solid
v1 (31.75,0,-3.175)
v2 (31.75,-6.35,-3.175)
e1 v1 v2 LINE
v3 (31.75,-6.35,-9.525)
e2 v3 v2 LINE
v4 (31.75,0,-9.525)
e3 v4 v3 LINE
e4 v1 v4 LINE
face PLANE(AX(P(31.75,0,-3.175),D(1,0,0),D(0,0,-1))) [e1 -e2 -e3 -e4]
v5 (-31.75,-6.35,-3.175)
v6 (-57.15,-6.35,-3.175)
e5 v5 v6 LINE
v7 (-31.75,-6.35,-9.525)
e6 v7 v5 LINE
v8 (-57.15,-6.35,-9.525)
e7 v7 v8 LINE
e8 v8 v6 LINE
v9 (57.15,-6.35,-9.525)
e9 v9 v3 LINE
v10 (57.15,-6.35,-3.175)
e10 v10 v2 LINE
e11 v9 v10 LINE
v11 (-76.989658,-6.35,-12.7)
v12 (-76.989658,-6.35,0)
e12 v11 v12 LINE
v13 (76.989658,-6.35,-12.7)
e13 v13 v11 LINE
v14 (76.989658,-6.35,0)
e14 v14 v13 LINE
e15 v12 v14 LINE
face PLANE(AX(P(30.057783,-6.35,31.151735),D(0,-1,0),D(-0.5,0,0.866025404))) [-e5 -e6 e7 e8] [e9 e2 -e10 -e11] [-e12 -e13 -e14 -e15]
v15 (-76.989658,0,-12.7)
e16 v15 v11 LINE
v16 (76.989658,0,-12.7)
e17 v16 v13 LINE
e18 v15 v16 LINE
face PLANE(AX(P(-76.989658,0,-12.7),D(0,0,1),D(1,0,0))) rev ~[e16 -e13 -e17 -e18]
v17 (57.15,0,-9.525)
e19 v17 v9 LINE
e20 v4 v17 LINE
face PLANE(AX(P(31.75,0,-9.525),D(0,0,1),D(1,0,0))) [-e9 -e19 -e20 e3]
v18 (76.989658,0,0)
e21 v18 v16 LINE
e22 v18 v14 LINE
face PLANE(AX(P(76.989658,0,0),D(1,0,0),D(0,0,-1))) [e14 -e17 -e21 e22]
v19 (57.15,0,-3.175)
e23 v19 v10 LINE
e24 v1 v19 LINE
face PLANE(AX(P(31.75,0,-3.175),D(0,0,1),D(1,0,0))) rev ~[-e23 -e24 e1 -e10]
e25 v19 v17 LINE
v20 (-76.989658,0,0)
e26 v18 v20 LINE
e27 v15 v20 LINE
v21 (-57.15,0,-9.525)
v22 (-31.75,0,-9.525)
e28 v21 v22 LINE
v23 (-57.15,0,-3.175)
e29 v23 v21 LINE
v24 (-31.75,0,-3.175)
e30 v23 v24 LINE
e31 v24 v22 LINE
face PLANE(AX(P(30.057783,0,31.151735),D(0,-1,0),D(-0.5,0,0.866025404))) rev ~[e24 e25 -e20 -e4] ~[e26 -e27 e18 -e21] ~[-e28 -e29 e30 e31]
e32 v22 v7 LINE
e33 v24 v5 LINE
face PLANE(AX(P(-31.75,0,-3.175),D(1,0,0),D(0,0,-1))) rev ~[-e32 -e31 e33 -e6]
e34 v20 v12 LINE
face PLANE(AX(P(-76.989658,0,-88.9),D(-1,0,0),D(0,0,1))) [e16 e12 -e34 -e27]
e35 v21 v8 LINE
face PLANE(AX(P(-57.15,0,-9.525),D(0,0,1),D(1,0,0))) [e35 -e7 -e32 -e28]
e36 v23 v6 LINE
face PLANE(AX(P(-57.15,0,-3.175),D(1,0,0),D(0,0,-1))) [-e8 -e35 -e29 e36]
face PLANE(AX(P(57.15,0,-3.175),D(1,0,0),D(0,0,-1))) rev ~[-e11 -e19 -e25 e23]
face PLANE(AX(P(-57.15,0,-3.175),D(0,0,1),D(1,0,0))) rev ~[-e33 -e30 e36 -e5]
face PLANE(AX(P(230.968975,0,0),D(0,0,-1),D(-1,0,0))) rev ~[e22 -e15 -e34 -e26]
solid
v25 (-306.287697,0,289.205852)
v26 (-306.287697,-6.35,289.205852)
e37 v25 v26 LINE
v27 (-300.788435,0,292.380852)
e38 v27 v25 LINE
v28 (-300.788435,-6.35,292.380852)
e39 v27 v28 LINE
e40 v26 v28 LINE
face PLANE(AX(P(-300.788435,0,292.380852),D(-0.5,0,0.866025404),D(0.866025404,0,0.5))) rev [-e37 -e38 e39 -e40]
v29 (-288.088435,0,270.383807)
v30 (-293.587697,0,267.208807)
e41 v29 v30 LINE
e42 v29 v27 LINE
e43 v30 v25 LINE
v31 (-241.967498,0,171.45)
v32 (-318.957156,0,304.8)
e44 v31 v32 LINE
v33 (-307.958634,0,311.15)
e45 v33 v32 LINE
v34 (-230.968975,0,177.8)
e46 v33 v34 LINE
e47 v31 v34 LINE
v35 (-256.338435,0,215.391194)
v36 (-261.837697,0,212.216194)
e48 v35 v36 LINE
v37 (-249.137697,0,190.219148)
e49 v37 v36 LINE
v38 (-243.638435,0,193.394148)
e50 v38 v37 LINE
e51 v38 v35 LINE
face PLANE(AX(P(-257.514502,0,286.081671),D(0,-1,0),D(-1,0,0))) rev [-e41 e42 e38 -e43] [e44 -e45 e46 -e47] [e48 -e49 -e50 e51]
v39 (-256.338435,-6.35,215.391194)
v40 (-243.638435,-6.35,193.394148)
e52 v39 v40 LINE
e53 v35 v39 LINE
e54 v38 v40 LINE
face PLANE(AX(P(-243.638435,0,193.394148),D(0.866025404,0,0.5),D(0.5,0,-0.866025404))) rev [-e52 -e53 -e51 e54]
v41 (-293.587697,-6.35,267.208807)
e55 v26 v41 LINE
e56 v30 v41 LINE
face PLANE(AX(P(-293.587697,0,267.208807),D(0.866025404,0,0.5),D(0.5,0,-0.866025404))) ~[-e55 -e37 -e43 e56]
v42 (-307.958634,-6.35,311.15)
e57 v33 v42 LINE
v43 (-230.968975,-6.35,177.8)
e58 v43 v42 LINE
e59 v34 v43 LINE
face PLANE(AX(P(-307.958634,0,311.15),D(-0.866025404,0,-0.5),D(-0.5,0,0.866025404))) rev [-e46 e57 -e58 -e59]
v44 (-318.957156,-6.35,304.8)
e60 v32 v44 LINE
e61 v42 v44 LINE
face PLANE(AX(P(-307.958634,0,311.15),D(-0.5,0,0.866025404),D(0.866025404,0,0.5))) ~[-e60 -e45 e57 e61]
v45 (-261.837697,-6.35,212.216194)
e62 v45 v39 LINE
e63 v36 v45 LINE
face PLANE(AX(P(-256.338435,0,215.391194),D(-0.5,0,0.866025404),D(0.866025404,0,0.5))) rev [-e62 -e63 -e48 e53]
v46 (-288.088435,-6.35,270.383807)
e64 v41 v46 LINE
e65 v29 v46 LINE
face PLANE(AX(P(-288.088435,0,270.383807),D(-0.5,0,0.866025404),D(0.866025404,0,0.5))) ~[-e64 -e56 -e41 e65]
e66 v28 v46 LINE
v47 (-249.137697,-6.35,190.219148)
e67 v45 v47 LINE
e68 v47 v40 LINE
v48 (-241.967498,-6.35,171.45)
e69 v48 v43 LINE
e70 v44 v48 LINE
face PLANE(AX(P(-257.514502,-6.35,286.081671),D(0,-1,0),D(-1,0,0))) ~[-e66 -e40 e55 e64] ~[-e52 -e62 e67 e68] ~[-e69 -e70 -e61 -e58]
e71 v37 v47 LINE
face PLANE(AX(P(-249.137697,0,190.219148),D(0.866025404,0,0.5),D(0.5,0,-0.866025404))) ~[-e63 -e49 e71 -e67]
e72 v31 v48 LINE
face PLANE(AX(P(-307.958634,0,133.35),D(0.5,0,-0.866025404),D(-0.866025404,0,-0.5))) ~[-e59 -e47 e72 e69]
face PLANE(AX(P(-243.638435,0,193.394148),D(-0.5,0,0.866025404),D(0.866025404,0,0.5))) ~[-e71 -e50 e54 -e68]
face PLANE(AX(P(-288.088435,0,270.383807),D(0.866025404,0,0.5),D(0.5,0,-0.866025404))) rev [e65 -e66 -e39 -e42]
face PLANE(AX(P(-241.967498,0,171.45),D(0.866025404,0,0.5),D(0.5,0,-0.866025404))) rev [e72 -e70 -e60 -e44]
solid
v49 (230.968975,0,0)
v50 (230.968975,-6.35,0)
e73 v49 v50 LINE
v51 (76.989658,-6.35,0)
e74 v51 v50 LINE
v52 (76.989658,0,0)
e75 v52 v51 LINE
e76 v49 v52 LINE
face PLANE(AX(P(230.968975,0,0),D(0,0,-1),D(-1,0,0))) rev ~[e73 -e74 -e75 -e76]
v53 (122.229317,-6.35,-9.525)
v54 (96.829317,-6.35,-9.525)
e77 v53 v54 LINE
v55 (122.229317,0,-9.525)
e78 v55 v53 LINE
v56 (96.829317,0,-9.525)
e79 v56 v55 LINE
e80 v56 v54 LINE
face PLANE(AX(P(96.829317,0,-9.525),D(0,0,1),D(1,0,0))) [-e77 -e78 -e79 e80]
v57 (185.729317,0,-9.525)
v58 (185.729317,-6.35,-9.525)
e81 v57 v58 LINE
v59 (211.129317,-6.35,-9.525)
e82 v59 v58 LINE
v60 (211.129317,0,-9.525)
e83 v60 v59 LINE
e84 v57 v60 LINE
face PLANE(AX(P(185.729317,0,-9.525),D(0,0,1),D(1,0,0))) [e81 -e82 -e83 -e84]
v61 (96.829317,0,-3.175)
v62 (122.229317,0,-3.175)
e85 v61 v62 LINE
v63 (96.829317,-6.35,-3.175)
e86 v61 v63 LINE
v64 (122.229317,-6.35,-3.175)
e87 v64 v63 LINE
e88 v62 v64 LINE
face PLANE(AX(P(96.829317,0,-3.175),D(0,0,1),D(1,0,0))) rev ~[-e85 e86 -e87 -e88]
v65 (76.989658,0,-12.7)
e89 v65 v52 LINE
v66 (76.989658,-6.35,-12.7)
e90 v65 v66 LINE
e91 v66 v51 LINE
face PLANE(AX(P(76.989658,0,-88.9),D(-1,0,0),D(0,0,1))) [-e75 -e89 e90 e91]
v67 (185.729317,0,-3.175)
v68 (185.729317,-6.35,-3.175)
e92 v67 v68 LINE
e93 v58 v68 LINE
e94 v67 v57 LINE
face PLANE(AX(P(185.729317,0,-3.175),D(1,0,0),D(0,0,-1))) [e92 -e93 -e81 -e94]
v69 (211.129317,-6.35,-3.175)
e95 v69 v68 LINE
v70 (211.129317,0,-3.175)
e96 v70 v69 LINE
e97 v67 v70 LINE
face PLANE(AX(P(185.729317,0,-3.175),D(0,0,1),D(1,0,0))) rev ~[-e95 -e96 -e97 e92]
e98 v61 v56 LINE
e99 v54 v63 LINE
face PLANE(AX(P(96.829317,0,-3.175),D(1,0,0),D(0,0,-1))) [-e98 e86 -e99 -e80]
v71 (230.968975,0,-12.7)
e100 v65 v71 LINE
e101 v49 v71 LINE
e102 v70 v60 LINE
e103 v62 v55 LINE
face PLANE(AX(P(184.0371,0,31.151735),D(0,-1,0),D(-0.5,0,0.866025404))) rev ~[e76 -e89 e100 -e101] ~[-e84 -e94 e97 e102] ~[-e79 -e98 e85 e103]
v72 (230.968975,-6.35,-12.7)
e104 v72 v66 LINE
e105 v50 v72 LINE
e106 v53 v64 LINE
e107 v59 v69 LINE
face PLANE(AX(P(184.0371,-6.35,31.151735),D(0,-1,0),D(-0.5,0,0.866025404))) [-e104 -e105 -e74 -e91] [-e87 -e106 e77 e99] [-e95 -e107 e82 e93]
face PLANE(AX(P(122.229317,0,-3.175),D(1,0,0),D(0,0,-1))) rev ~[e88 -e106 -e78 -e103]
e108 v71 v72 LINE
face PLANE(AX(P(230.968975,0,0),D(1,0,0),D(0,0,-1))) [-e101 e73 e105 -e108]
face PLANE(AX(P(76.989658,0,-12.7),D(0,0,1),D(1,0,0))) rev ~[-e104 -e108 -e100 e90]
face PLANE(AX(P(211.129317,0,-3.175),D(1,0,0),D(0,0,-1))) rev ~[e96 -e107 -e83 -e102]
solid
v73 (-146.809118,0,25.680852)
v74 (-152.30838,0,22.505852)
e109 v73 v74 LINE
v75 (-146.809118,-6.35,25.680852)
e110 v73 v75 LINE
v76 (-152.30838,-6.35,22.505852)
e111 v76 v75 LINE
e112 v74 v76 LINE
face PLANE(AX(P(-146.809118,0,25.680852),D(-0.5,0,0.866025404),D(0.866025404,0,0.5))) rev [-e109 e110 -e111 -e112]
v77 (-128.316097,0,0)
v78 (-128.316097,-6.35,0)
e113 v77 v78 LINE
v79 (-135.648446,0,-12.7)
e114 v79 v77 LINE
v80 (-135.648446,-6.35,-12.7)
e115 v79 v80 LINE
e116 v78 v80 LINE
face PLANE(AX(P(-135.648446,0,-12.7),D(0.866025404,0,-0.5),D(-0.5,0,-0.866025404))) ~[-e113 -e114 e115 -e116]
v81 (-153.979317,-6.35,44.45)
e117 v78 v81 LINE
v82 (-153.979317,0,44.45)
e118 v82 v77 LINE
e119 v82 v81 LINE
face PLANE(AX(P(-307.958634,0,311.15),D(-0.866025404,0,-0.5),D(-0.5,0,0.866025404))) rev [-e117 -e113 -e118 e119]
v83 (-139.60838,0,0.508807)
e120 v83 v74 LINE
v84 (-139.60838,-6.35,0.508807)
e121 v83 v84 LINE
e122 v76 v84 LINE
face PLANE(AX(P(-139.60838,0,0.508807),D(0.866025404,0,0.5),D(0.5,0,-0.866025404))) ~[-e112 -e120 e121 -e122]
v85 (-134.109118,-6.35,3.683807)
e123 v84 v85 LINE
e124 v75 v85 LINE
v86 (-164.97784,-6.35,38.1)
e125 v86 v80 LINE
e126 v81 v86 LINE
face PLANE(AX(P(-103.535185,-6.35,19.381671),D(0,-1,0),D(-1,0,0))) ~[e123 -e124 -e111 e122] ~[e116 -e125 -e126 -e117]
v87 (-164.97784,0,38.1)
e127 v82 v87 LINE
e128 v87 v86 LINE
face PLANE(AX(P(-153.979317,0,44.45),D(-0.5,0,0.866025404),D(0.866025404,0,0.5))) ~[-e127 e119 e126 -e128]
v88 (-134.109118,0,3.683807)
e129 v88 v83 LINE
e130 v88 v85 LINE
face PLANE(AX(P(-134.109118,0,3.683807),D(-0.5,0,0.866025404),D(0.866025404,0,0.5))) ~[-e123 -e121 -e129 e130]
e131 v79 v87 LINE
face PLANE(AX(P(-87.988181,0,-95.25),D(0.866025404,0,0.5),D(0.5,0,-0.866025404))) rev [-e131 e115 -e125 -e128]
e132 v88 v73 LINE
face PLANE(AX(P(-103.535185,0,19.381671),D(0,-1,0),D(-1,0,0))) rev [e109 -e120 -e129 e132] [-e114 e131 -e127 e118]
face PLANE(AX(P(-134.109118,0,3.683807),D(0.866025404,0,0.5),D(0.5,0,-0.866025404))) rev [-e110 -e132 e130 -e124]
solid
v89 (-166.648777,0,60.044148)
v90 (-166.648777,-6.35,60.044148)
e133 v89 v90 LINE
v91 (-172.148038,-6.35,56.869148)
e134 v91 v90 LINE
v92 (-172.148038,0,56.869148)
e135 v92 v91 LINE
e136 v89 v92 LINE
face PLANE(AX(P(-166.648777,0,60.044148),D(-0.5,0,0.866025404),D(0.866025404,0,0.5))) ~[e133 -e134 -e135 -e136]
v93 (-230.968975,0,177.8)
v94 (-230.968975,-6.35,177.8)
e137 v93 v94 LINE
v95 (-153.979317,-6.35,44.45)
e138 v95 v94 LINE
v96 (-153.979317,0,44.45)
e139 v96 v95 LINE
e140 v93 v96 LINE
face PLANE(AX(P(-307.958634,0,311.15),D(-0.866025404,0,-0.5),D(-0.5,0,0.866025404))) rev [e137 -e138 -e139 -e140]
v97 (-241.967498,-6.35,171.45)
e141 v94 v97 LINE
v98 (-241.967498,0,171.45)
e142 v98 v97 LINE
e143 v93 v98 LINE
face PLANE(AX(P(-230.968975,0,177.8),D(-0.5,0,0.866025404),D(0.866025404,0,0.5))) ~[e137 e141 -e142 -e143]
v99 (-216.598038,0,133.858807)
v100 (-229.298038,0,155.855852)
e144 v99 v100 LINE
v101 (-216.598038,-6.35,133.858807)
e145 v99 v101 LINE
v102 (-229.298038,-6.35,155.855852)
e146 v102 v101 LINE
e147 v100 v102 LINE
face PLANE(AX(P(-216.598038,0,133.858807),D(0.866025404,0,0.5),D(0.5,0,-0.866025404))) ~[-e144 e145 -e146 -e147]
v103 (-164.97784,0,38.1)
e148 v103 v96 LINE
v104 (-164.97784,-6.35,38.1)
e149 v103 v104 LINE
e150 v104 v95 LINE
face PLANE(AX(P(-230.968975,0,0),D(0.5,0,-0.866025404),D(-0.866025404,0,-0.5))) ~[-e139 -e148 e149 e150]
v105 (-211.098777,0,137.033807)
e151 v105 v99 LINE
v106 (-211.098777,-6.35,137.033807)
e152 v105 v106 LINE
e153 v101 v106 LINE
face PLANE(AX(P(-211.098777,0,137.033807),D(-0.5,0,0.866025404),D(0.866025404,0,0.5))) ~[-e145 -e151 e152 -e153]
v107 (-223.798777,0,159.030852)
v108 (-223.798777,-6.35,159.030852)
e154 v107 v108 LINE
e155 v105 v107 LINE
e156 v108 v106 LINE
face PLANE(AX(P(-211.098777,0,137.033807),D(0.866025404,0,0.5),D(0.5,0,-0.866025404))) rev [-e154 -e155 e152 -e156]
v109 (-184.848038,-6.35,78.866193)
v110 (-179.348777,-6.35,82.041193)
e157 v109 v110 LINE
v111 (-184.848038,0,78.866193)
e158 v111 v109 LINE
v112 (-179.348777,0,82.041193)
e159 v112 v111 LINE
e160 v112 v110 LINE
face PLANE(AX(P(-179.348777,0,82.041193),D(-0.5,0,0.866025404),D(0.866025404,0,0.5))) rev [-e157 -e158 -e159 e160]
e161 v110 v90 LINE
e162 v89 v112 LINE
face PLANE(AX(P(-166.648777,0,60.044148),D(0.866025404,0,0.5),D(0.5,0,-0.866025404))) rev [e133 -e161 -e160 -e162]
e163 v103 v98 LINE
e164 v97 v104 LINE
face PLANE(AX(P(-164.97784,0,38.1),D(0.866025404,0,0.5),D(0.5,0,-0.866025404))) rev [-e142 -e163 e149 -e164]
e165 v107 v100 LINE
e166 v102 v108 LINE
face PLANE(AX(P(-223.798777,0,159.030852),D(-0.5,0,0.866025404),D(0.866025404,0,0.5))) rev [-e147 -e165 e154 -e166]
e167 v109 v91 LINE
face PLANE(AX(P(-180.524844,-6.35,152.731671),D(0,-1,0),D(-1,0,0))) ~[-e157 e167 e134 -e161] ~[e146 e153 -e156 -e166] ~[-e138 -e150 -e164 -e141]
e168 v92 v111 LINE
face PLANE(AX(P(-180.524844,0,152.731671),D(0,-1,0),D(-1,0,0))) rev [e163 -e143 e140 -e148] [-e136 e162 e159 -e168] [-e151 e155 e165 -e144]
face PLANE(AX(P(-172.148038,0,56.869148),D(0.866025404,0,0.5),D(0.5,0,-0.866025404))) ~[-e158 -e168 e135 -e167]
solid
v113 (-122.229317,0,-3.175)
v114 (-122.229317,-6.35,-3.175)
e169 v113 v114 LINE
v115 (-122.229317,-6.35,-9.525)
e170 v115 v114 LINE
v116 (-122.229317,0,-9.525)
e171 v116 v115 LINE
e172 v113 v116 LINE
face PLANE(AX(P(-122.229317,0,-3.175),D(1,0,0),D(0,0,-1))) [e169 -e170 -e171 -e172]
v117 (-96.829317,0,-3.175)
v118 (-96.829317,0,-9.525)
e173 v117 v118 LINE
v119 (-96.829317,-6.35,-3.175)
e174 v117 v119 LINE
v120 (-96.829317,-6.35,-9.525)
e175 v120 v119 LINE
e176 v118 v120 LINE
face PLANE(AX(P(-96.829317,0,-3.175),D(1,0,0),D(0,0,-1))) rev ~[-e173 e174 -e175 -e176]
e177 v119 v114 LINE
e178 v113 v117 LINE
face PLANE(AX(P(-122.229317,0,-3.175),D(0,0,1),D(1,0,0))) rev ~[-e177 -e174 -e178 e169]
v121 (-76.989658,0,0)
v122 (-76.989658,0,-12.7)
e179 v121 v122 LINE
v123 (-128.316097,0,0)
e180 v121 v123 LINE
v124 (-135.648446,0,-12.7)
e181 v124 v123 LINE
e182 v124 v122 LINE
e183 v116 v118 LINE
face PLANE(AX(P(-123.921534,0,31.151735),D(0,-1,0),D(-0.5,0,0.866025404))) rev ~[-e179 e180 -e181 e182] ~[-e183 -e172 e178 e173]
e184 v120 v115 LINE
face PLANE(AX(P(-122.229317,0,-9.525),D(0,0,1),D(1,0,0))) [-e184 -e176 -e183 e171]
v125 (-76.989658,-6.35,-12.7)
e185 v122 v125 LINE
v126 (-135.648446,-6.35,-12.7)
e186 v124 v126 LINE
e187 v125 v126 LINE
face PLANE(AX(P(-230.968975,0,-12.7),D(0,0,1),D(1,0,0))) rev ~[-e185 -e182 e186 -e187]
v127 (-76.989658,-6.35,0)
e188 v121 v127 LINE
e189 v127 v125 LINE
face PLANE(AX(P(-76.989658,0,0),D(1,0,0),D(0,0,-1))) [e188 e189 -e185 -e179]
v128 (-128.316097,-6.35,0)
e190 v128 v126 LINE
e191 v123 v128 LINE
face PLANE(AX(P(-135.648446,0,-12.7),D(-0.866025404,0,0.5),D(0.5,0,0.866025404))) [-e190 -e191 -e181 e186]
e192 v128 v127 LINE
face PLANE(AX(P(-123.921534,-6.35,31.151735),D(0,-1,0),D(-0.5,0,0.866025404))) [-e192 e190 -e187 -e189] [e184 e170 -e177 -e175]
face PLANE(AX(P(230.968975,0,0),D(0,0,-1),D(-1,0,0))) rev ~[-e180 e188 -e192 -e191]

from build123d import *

# Parameters (mm, degrees)
BOSS_EXTRUDE1_DEPTH = 6.35
CUT_EXTRUDE4_DEPTH  = 155.110195964
BOSS_EXTRUDE4_DEPTH = 6.35
CIRPATTERN1_COUNT   = 2
CIRPATTERN1_ANGLE   = 60
SKETCH12_W          = 153.979316792
SKETCH12_H          = 120.65
CUT_EXTRUDE5_DEPTH  = 155.110195964
SKETCH13_W          = 25.4
SKETCH13_H          = 6.35
CUT_EXTRUDE6_DEPTH  = 90.126497182
LPATTERN1_COUNT     = 5
LPATTERN1_PITCH     = 153.979316882
LPATTERN1_2_COUNT   = 2
LPATTERN1_2_PITCH   = 153.979316882
SKETCH14_W          = 25.4
SKETCH14_H          = 6.35
CUT_EXTRUDE7_DEPTH  = 695.360232872
CUT_EXTRUDE8_DEPTH  = 600.270912242


with BuildPart() as part:
    # Sketch1 → Boss-Extrude1 (new body)
    with BuildSketch(Plane(origin=(0, 0, 0), x_dir=(1, 0, 0), z_dir=(0, 1, 0))):
        Polygon((-76.989658396, 0), (0, -44.45), (76.989658396, 0), (76.989658396, 88.9), (0, 133.35), (-76.989658396, 88.9), align=None)
    extrude(amount=-BOSS_EXTRUDE1_DEPTH)

    # Sketch10 → Cut-Extrude4 (cut, through all)
    with BuildSketch(Plane(origin=(0, 0, 0), x_dir=(1, 0, 0), z_dir=(0, 1, 0))):
        Polygon((-21.997045256, -31.75), (-13.322783942, -29.425738686), (-35.319829198, -16.725738686), (-38.494829198, -22.225), align=None)
    cut_extrude4 = extrude(amount=-CUT_EXTRUDE4_DEPTH, mode=Mode.SUBTRACT)

    # Sketch11 → Boss-Extrude4 (add)
    with BuildSketch(Plane(origin=(0, 0, 0), x_dir=(1, 0, 0), z_dir=(0, 1, 0))):
        Polygon((-38.494829198, -22.225), (-41.669829198, -27.724261314), (-63.666874454, -15.024261314), (-54.99261314, -12.7), align=None)
    boss_extrude4 = extrude(amount=-BOSS_EXTRUDE4_DEPTH)

    # CirPattern1: Cut-Extrude4, Boss-Extrude4 ×2 about axis
    cirpattern1_axis = Axis((0, 0, -44.45), (0, 1, 0))
    add([cut_extrude4.rotate(cirpattern1_axis, i * CIRPATTERN1_ANGLE / (CIRPATTERN1_COUNT - 1)) for i in range(1, CIRPATTERN1_COUNT)], mode=Mode.SUBTRACT)
    add([boss_extrude4.rotate(cirpattern1_axis, i * CIRPATTERN1_ANGLE / (CIRPATTERN1_COUNT - 1)) for i in range(1, CIRPATTERN1_COUNT)])

    # Sketch12 → Cut-Extrude5 (cut, through all)
    with BuildSketch(Plane(origin=(0, 0, 0), x_dir=(1, 0, 0), z_dir=(0, 1, 0))):
        with Locations((0, 73.025)):
            Rectangle(SKETCH12_W, SKETCH12_H)
    extrude(amount=-CUT_EXTRUDE5_DEPTH, mode=Mode.SUBTRACT)

    # Sketch13 → Cut-Extrude6 (cut, through all)
    with BuildSketch(Plane(origin=(0, 0, 0), x_dir=(1, 0, 0), z_dir=(0, 1, 0))):
        with Locations((-44.45, 6.35)):
            Rectangle(SKETCH13_W, SKETCH13_H)
        with Locations((44.45, 6.35)):
            Rectangle(SKETCH13_W, SKETCH13_H)
    extrude(amount=-CUT_EXTRUDE6_DEPTH, mode=Mode.SUBTRACT)


with BuildPart() as lpattern1_1:
    # LPattern1: pattern copy
    add(part.part.moved(Location(Vector(1, 0, 0) * (1 * LPATTERN1_PITCH))))


with BuildPart() as lpattern1_2:
    # LPattern1: pattern copy
    add(part.part.moved(Location(Vector(1, 0, 0) * (2 * LPATTERN1_PITCH))))


with BuildPart() as lpattern1_3:
    # LPattern1: pattern copy
    add(part.part.moved(Location(Vector(1, 0, 0) * (3 * LPATTERN1_PITCH))))


with BuildPart() as lpattern1_4:
    # LPattern1: pattern copy
    add(part.part.moved(Location(Vector(1, 0, 0) * (4 * LPATTERN1_PITCH))))


with BuildPart() as lpattern1_2_1:
    # LPattern1 2: pattern copy
    add(part.part.moved(Location(Vector(-1, 0, 0) * (1 * LPATTERN1_2_PITCH))))


with BuildPart() as cut_extrude7_tool:
    # Sketch14 → Cut-Extrude7 (new, through all)
    # profile 1 of 2: a face of its own
    with BuildSketch(Plane(origin=(0, 0, 0), x_dir=(1, 0, 0), z_dir=(0, 1, 0))):
        Polygon((593.920222272, -31.75), (615.917267528, -44.45), (637.914312784, -31.75), (635.59005147, -40.424261314), (657.587096726, -27.724261314), (651.237096726, -16.725738686), (673.234141982, -4.025738686), (670.909880668, -12.7), (692.906925924, 0), (692.906925924, 12.7), (597.586396481, 12.7), (580.59743833, -16.725738686), (602.594483586, -29.425738686), align=None)
        with Locations((660.367267528, 6.35)):
            Rectangle(SKETCH14_W, SKETCH14_H, mode=Mode.SUBTRACT)
    # profile 2 of 2: a face of its own
    with BuildSketch(Plane(origin=(0, 0, 0), x_dir=(1, 0, 0), z_dir=(0, 1, 0))):
        Polygon((-230.968975278, -44.45), (-153.979316882, -44.45), (-134.30653294, -40.424261314), (-112.309487684, -27.724261314), (-135.648445835, 12.7), (-230.968975278, 12.7), align=None)
    extrude(amount=-CUT_EXTRUDE7_DEPTH)


with BuildPart() as lpattern1_4_1:
    add(lpattern1_4.part)

    # Cut-Extrude7: cut by cut_extrude7_tool
    add(cut_extrude7_tool.part, mode=Mode.SUBTRACT)


with BuildPart() as lpattern1_2_1_1:
    add(lpattern1_2_1.part)

    # Cut-Extrude7: cut by cut_extrude7_tool
    add(cut_extrude7_tool.part, mode=Mode.SUBTRACT)


with BuildPart() as cut_extrude8_tool:
    # Sketch15 → Cut-Extrude8 (new, through all)
    with BuildSketch(Plane(origin=(0, 0, 0), x_dir=(1, 0, 0), z_dir=(0, 1, 0))):
        Polygon((-156.381024632, 0), (-156.381024632, -63.5), (618.318975368, -63.5), (618.318975368, 12.7), (230.968975368, 12.7), (230.968975368, 0), align=None)
    extrude(amount=-CUT_EXTRUDE8_DEPTH)


with BuildPart() as part_1:
    add(part.part)

    # Cut-Extrude8: cut by cut_extrude8_tool
    add(cut_extrude8_tool.part, mode=Mode.SUBTRACT)


with BuildPart() as lpattern1_1_1:
    add(lpattern1_1.part)

    # Cut-Extrude8: cut by cut_extrude8_tool
    add(cut_extrude8_tool.part, mode=Mode.SUBTRACT)


with BuildPart() as lpattern1_2_2:
    add(lpattern1_2.part)

    # Cut-Extrude8: cut by cut_extrude8_tool
    add(cut_extrude8_tool.part, mode=Mode.SUBTRACT)


with BuildPart() as lpattern1_3_1:
    add(lpattern1_3.part)

    # Cut-Extrude8: cut by cut_extrude8_tool
    add(cut_extrude8_tool.part, mode=Mode.SUBTRACT)


with BuildPart() as lpattern1_4_2:
    add(lpattern1_4_1.part)

    # Cut-Extrude8: cut by cut_extrude8_tool
    add(cut_extrude8_tool.part, mode=Mode.SUBTRACT)


with BuildPart() as lpattern1_2_1_2:
    add(lpattern1_2_1_1.part)

    # Cut-Extrude8: cut by cut_extrude8_tool
    add(cut_extrude8_tool.part, mode=Mode.SUBTRACT)


with BuildPart() as body_4:
    # Mirror1: mirrored copy
    add(lpattern1_2_1_2.part.mirror(Plane(origin=(-96.237073062, -6.35, 55.562500039), x_dir=(0.4999999999999999, 0, 0.8660254037844387), z_dir=(0.8660254037844387, 0, -0.4999999999999999))))


with BuildPart() as body_5:
    # Mirror1 2: mirrored copy
    add(part_1.part.mirror(Plane(origin=(-96.237073062, -6.35, 55.562500039), x_dir=(0.4999999999999999, 0, 0.8660254037844387), z_dir=(0.8660254037844387, 0, -0.4999999999999999))))


with BuildPart() as body_6:
    # Mirror1 3: mirrored copy
    add(lpattern1_1_1.part.mirror(Plane(origin=(-96.237073062, -6.35, 55.562500039), x_dir=(0.4999999999999999, 0, 0.8660254037844387), z_dir=(0.8660254037844387, 0, -0.4999999999999999))))


solid = Compound([part_1.part, lpattern1_1_1.part, lpattern1_2_1_2.part, body_4.part, body_5.part, body_6.part])
